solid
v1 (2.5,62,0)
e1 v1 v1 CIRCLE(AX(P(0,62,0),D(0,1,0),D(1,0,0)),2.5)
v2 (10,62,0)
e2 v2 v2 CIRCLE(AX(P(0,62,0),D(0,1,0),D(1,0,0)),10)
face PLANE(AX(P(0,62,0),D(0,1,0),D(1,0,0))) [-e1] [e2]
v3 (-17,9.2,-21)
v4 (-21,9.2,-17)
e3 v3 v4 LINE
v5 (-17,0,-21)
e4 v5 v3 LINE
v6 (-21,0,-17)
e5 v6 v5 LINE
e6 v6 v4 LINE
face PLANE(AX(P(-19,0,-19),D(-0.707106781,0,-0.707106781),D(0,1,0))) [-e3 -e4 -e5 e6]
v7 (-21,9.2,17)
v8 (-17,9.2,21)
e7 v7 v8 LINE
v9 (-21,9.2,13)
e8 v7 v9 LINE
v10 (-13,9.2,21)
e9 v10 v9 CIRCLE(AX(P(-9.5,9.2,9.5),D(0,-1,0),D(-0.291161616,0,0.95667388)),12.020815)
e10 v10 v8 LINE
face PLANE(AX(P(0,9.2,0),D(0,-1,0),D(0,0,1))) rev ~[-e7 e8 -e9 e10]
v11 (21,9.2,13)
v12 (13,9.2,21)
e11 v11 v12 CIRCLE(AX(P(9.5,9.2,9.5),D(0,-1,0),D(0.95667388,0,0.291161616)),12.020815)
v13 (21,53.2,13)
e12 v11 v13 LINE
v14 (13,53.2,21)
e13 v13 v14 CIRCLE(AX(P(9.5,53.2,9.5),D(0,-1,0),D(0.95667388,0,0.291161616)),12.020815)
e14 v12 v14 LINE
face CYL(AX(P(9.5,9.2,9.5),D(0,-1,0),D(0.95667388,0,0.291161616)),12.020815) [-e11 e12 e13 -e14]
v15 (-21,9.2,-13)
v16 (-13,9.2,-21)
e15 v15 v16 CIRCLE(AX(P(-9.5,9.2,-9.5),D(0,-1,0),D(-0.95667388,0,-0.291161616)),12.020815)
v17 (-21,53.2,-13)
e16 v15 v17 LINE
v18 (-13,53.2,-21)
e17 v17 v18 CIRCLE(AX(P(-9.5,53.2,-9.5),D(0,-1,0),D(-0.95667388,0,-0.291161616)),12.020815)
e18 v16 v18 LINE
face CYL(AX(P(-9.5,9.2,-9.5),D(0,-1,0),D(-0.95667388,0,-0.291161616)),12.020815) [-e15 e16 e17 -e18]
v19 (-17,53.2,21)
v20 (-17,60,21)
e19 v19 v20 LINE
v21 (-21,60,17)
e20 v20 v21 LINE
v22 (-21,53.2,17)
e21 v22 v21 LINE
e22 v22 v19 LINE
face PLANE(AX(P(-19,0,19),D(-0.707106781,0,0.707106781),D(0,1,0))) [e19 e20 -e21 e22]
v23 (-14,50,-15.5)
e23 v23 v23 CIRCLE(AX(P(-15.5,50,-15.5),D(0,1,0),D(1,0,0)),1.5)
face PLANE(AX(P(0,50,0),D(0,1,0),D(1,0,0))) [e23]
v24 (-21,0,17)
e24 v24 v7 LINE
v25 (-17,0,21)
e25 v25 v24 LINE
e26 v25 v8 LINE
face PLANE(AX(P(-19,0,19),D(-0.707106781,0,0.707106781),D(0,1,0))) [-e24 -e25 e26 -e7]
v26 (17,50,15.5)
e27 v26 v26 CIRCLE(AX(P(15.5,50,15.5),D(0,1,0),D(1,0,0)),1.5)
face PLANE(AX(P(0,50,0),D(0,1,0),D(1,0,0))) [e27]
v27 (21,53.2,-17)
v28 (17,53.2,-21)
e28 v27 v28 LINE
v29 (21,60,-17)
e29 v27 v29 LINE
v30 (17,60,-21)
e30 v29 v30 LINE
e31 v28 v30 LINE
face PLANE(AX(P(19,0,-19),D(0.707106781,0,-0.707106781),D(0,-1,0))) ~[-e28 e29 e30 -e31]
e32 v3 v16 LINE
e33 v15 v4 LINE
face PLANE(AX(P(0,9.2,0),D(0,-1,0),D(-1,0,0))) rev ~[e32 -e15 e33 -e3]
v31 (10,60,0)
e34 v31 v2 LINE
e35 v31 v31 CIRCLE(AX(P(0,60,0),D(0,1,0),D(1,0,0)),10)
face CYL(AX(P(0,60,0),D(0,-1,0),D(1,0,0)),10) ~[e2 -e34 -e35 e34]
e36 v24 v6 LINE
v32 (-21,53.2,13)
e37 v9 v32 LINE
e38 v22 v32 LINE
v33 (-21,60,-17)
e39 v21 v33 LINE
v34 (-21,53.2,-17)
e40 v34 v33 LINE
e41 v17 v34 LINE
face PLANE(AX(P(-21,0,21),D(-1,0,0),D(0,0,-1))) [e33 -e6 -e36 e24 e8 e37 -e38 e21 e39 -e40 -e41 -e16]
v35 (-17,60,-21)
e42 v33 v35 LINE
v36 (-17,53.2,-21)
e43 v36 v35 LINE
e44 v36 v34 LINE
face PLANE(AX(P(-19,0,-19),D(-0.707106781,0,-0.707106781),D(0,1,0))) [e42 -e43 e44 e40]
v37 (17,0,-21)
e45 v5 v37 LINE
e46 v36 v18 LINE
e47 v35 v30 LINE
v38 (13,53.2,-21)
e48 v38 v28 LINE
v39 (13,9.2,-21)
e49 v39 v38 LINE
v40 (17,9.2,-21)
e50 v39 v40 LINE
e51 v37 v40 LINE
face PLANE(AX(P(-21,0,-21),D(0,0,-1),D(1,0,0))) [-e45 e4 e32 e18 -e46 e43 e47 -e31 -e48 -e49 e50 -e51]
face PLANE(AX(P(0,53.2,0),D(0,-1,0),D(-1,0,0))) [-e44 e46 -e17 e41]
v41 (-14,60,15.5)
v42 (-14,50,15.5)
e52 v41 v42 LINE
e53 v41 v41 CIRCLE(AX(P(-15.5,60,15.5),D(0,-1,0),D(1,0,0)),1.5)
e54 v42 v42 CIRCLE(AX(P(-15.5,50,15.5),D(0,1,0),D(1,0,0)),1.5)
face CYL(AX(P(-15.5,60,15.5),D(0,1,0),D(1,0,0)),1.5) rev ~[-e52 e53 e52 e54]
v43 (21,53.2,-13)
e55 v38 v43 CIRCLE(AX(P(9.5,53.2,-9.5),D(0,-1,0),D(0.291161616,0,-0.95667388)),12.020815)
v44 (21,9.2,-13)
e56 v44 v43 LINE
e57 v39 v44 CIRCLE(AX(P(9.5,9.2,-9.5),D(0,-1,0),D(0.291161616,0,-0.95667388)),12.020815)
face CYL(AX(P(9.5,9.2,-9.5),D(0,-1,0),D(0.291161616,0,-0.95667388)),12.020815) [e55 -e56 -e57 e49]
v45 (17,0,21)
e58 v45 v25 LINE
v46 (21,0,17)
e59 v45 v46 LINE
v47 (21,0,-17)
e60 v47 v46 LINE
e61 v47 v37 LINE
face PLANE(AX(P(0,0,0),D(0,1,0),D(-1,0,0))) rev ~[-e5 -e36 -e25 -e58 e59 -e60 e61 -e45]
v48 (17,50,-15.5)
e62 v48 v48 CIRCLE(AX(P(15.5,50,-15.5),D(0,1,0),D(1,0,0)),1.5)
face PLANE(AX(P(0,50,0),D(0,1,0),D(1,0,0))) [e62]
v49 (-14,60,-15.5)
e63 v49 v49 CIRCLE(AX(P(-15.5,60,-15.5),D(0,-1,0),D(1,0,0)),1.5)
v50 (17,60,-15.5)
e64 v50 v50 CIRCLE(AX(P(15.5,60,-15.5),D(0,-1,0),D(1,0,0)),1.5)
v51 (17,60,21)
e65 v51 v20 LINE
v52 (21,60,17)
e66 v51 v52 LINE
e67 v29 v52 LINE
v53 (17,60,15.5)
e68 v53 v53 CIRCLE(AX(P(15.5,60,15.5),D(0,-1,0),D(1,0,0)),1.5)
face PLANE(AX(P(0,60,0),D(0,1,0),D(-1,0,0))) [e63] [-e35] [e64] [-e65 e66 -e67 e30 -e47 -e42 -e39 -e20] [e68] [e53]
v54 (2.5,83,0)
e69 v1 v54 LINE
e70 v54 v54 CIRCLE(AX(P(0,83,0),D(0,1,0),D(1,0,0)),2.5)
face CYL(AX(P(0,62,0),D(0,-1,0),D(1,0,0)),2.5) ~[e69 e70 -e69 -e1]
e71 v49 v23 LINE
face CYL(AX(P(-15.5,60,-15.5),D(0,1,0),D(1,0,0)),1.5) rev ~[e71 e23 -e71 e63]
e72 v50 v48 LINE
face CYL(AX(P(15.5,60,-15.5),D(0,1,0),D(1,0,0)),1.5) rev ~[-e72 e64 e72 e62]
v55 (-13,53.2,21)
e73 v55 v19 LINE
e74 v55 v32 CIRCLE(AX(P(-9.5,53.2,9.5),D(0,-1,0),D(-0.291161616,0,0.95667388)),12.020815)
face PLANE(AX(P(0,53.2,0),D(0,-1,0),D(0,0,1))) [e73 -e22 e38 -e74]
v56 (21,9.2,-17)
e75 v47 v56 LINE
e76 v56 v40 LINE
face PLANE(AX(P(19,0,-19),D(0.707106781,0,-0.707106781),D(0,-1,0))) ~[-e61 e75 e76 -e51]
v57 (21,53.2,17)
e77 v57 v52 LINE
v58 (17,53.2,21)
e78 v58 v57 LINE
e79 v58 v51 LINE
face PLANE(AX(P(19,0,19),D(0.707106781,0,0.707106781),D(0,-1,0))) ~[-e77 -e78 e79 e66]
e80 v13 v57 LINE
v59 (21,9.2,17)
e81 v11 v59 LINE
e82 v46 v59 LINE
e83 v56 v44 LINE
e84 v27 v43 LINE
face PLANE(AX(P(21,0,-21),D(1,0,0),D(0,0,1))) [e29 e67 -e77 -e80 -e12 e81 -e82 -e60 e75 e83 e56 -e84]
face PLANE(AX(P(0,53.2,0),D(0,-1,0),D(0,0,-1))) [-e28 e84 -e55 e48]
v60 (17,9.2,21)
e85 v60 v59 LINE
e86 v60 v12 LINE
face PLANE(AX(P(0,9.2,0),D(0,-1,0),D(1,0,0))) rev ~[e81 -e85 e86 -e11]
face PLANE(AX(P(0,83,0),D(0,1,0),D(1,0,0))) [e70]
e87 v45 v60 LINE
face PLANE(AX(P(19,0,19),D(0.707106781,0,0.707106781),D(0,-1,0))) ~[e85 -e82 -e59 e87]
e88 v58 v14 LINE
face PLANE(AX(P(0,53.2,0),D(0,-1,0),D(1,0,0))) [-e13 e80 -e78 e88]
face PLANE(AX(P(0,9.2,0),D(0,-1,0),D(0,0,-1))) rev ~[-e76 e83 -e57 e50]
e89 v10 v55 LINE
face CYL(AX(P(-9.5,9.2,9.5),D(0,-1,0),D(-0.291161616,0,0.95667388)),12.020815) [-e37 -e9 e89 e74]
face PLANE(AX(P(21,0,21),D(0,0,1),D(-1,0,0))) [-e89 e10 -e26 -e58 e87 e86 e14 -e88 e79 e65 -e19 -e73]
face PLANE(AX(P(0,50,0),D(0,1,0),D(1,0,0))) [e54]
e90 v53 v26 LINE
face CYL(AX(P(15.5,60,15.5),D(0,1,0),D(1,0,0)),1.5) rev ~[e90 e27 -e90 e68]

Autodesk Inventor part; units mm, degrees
ref_plane "YZ Plane" through (0, 0, 0) normal (1, 0, 0) x (0, 1, 0)
ref_plane "XZ Plane" through (0, 0, 0) normal (0, 1, 0) x (-1, 0, 0)
ref_plane "XY Plane" through (0, 0, 0) normal (0, 0, 1) x (1, 0, 0)
sketch "Sketch1" plane through (0, 0, 0) normal (0, 1, 0) x (-1, 0, 0)
  line L0 (-21, 21) -> (21, 21)
  line L1 (21, 21) -> (21, -21)
  line L2 (21, -21) -> (-21, -21)
  line L3 (-21, -21) -> (-21, 21)
  line L4 (-21, 21) -> (21, -21) construction
  line L5 (21, 21) -> (-21, -21) construction
  point P0 (0, 0)
  dimension "d0" = 42
  dimension "d1" = 42
extrude "Extrusion1" add sketch "Sketch1" along normal blind 60
sketch "Sketch3" plane through (0, 60, 0) normal (0, 1, 0) x (1, 0, 0)
  circle A0 centre (0, 0) radius 10
  dimension "d4" = 20
extrude "Extrusion2" add sketch "Sketch3" along normal blind 2
sketch "Sketch4" plane through (0, 60, 0) normal (0, 1, 0) x (1, 0, 0)
  circle A0 centre (0, 0) radius 10 projected
  line L0 (-15.5, 15.5) -> (15.5, 15.5)
  line L1 (15.5, 15.5) -> (15.5, -15.5)
  line L2 (15.5, -15.5) -> (-15.5, -15.5)
  line L3 (-15.5, -15.5) -> (-15.5, 15.5)
  line L4 (-15.5, 15.5) -> (15.5, -15.5) construction
  line L5 (15.5, 15.5) -> (-15.5, -15.5) construction
  circle A1 centre (15.5, 15.5) radius 1.5
  circle A2 centre (-15.5, 15.5) radius 1.5
  circle A3 centre (-15.5, -15.5) radius 1.5
  circle A4 centre (15.5, -15.5) radius 1.5
  dimension "d7" = 31
  dimension "d8" = 31
  dimension "d9" = 3
  dimension "d10" = 3
  dimension "d11" = 3
  dimension "d12" = 3
extrude "Extrusion3" cut sketch "Sketch4" against normal blind 10 contours L3 A2 L0 | L0 A2 L3 | A1 L1 L0 | L0 L1 A1 | A3 L2 L3 | L3 L2 A3 | A4 L2 L1 | L1 L2 A4
chamfer "Chamfer1" distance 4 angle 45 4 edges at (-21, 30, -21) (21, 30, -21) (-21, 30, 21) (21, 30, 21)
sketch "Sketch5" plane through (0, 62, 0) normal (0, 1, 0) x (1, 0, 0)
  circle A0 centre (0, 0) radius 10 projected
  circle A1 centre (0, 0) radius 2.5
  dimension "d18" = 5
extrude "Extrusion4" add sketch "Sketch5" along normal blind 21 contours A1
ref_plane "Work Plane1" through (0, 9.2, 0) normal (0, -1, 0) x (1, 0, 0)
sketch "Sketch6" plane through (0, 9.2, 0) normal (0, -1, 0) x (1, 0, 0)
  line L0 (17, 21) -> (21, 17) projected
  line L1 (17, 21) -> (-17, 21) projected
  line L2 (-21, 17) -> (-17, 21) projected
  line L3 (-21, 17) -> (-21, -17) projected
  line L4 (-17, -21) -> (-21, -17) projected
  line L5 (-17, -21) -> (17, -21) projected
  line L6 (21, -17) -> (17, -21) projected
  line L7 (21, -17) -> (21, 17) projected
  arc A0 (21, 13) -> (13, 21) centre (9.5, 9.5) ccw
  point P0 (0, 0)
extrude "Extrusion5" cut sketch "Sketch6" against normal blind 44 contours L0 L7 A0 L1
pattern_circular "Circular Pattern1" count 4 over 360 about axis through (0, 62, 0) along (0, 1, 0) of "Extrusion5"
properties part number "stepmotor" material "Rubber"
